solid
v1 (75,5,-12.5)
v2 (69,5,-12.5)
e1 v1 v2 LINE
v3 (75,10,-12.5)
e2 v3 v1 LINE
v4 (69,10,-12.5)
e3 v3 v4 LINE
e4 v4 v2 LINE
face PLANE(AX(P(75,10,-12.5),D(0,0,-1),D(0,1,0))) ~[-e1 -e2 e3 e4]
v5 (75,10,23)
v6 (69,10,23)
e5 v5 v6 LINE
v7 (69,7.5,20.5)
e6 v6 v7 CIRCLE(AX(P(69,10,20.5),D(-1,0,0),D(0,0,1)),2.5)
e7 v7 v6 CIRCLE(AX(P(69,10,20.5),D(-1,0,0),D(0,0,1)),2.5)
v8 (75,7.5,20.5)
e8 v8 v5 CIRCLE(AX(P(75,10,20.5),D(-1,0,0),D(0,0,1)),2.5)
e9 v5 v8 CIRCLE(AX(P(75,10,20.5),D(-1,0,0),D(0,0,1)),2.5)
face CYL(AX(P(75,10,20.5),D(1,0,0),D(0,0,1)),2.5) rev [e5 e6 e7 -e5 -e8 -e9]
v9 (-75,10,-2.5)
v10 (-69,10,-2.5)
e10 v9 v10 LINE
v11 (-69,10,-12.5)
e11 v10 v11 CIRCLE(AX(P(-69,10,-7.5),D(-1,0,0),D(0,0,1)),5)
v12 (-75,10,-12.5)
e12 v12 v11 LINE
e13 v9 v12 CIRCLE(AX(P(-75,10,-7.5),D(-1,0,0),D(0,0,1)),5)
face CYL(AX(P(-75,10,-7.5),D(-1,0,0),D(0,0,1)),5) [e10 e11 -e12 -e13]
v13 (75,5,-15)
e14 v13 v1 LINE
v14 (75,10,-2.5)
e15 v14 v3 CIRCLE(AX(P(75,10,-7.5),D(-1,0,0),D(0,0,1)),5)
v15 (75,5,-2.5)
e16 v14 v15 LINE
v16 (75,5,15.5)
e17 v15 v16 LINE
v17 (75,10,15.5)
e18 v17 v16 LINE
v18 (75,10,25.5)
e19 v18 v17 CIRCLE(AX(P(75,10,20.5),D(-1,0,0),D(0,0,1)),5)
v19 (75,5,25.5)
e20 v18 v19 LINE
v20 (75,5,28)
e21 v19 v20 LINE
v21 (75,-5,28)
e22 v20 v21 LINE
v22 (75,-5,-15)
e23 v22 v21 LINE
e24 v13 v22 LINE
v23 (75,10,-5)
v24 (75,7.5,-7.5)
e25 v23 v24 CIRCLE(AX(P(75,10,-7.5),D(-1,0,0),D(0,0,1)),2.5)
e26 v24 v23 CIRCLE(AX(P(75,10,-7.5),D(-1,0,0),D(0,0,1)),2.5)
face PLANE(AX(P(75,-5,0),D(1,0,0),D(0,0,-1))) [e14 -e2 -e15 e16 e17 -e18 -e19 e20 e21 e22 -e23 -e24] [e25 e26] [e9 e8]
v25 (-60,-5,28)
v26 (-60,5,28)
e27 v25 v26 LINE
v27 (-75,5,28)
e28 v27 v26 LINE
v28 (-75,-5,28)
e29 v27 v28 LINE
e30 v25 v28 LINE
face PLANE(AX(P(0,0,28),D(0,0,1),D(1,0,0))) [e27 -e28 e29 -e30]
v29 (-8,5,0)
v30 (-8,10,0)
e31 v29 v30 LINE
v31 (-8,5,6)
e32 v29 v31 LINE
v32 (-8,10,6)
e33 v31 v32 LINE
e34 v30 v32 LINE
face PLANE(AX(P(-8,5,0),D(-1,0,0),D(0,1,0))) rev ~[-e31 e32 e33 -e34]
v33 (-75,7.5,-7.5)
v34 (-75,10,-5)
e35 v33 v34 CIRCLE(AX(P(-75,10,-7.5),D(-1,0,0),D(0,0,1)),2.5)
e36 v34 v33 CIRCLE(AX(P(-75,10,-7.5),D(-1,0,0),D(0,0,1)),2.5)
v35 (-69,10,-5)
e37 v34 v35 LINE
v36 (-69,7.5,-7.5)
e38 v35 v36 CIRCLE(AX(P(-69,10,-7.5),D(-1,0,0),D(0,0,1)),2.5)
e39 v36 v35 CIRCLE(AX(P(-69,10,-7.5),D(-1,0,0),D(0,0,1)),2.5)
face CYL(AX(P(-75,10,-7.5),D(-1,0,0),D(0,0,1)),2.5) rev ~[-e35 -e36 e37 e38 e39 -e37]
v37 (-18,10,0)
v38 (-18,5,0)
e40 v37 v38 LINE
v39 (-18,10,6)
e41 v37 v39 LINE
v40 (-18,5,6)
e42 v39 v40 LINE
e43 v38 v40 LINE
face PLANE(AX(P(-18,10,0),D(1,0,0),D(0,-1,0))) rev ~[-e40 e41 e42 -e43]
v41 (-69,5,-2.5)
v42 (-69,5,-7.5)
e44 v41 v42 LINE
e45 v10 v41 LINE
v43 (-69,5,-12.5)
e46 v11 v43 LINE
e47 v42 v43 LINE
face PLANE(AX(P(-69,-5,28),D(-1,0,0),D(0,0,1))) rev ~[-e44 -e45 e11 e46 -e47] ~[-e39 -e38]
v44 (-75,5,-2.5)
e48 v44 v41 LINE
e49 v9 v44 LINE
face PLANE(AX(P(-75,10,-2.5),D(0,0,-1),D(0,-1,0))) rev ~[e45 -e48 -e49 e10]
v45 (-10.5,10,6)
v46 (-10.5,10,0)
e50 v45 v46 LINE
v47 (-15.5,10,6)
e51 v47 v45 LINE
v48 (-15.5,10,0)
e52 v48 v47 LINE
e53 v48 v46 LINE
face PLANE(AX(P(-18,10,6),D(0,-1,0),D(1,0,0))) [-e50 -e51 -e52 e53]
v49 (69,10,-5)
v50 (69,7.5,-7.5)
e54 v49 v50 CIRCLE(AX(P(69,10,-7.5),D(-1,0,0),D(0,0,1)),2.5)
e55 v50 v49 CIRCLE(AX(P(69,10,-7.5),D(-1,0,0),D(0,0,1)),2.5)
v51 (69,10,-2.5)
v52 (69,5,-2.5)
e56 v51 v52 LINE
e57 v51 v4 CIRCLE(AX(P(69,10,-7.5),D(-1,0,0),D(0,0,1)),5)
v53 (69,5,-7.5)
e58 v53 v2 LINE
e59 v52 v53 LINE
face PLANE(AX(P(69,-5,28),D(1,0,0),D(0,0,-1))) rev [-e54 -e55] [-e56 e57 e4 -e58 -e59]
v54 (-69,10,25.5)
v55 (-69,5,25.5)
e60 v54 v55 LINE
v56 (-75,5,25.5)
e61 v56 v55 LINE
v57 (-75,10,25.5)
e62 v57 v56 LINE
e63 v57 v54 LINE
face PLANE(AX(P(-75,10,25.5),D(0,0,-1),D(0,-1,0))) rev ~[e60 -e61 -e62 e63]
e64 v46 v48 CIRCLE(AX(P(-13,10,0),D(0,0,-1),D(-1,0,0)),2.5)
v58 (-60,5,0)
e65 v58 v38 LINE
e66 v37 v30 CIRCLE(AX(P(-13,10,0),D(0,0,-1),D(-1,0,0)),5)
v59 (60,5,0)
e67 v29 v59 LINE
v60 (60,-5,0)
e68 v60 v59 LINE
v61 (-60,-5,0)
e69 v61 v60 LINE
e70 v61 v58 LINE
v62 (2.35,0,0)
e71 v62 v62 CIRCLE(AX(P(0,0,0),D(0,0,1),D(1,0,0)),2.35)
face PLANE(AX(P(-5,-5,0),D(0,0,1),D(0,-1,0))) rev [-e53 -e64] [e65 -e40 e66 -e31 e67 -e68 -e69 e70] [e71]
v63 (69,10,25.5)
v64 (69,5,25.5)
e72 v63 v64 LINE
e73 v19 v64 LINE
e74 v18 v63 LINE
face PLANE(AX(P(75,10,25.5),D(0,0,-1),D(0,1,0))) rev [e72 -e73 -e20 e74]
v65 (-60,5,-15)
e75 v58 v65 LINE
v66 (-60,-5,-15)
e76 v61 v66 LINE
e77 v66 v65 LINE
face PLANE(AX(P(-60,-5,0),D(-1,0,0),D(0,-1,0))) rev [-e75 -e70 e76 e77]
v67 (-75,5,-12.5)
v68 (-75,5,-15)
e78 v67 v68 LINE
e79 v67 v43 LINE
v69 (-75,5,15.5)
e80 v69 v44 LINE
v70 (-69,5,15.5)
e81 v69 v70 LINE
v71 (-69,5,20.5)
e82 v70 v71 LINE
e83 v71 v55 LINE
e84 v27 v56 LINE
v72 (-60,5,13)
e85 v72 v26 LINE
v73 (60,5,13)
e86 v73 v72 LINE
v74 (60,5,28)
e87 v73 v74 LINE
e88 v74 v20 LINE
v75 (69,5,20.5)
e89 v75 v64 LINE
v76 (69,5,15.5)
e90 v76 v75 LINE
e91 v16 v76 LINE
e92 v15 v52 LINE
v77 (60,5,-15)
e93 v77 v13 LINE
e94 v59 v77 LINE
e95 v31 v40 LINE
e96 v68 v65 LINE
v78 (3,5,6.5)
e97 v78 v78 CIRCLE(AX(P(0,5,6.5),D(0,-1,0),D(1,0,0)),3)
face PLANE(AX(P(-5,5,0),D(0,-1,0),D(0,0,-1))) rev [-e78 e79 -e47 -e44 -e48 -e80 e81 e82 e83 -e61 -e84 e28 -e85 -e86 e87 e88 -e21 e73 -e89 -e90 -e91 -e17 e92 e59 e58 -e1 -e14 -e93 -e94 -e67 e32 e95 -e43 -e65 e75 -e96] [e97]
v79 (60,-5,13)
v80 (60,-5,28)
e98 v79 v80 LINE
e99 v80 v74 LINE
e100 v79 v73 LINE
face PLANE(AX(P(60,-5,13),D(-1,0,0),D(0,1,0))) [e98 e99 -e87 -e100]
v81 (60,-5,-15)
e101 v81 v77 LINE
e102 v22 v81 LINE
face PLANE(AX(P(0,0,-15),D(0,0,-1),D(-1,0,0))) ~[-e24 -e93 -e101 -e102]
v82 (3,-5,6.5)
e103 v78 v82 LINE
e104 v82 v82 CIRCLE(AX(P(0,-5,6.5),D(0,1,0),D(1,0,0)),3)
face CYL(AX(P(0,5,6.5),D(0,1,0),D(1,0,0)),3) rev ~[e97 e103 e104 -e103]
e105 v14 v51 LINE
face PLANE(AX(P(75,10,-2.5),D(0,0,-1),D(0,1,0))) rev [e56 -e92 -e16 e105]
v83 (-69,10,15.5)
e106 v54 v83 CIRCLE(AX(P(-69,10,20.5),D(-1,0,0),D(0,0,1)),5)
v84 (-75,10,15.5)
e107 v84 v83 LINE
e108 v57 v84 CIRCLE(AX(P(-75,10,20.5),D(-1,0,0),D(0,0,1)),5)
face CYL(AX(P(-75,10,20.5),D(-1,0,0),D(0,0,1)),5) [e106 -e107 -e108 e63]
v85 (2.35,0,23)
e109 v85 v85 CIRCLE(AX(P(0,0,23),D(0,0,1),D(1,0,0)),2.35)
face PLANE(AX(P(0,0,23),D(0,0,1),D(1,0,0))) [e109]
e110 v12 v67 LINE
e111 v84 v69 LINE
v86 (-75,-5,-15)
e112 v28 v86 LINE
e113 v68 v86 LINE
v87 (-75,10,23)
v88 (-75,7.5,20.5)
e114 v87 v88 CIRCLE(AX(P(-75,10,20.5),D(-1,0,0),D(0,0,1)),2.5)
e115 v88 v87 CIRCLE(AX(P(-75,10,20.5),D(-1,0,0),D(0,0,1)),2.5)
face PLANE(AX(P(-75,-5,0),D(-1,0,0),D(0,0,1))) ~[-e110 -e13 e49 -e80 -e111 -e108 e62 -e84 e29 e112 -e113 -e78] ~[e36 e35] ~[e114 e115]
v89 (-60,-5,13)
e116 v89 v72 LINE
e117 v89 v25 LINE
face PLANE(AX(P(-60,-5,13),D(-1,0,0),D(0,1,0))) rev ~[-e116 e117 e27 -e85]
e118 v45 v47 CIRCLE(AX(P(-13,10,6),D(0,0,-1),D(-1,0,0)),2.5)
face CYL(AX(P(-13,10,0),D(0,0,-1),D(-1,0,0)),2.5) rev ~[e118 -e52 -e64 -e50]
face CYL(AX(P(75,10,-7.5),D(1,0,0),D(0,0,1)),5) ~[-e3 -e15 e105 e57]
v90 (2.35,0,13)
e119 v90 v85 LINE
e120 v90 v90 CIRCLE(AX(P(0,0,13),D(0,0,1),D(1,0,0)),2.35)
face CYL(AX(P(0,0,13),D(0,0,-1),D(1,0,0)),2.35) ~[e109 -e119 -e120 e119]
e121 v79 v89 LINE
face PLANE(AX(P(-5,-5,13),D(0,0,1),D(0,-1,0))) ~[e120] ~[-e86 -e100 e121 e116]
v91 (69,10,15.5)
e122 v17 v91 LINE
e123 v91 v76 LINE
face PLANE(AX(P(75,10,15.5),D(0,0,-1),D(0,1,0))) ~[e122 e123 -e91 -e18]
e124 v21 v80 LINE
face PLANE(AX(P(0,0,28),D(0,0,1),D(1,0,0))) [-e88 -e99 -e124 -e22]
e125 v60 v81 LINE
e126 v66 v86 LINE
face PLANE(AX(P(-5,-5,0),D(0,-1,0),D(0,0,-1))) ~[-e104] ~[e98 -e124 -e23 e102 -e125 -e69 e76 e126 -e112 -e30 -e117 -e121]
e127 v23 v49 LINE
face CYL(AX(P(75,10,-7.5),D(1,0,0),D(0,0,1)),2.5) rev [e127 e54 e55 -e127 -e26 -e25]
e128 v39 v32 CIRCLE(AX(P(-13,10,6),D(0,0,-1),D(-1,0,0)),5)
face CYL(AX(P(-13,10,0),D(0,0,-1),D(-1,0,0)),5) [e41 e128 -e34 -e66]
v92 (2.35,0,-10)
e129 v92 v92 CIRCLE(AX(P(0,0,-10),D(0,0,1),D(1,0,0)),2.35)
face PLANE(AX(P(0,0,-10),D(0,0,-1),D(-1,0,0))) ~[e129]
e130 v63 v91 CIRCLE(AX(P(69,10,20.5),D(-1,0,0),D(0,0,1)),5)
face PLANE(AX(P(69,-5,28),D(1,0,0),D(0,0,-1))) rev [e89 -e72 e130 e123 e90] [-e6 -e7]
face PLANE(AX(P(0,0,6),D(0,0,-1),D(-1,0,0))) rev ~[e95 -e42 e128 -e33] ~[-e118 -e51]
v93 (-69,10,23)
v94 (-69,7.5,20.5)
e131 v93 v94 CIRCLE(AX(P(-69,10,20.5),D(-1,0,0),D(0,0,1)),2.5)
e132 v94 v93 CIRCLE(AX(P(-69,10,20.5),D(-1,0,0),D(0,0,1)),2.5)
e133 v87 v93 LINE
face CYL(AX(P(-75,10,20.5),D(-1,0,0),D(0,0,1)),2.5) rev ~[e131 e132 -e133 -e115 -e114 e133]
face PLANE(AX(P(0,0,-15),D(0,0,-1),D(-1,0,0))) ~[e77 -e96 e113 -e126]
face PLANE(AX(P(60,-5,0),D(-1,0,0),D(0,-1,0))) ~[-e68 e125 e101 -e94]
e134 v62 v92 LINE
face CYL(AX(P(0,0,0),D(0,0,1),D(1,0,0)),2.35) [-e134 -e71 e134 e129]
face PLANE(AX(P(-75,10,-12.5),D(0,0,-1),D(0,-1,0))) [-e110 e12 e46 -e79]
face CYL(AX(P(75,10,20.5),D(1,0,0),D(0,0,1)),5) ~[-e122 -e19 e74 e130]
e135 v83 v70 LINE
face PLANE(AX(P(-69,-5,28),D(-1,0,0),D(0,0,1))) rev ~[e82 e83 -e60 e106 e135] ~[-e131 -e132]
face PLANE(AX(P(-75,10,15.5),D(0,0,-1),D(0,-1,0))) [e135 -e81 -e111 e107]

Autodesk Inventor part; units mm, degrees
ref_plane "YZ Plane" through (0, 0, 0) normal (1, 0, 0) x (0, 1, 0)
sketch "Sketch1" plane through (0, 0, 0) normal (0, 0, 1) x (1, 0, 0)
  line L0 (-5, 5) -> (5, 5)
  line L1 (5, 5) -> (5, -5)
  line L2 (5, -5) -> (-5, -5)
  line L3 (-5, -5) -> (-5, 5)
  line L4 (-5, 5) -> (5, -5) construction
  line L5 (5, 5) -> (-5, -5) construction
  point P0 (0, 0)
  dimension "d0" = 10
  dimension "d1" = 10
extrude "Extrusion1" add sketch "Sketch1" along normal blind 13
sketch "Sketch2" plane through (0, 0, 13) normal (0, 0, 1) x (1, 0, 0)
  circle A0 centre (0, 0) radius 2.35
  dimension "d4" = 4.7
extrude "Extrusion2" add sketch "Sketch2" along normal blind 10
ref_plane "Work Plane1" through (0, 0, 6.5) normal (0, 0, 1) x (1, 0, 0)
mirror "Mirror1" about plane through (0, 0, 6.5) normal (0, 0, 1) of "Extrusion2"
sketch "Sketch3" plane through (-5, 5, 0) normal (0, 1, 0) x (1, 0, 0)
  line L0 (0, 0) -> (0, -13) projected
  line L1 (0, -6.5) -> (10, -6.5)
  line L2 (10, 0) -> (10, -13) projected
  circle A0 centre (5, -6.5) radius 3
  point P0 (5, 0)
  dimension "d7" = 6
extrude "Extrusion3" cut sketch "Sketch3" against normal through all
sketch "Sketch4" plane through (5, -5, 0) normal (1, 0, 0) x (0, 0, -1)
  line L0 (0, 0) -> (0, 10) projected
  line L1 (0, 10) -> (-13, 10) projected
  line L2 (-13, 0) -> (-13, 10) projected
  line L3 (0, 0) -> (-13, 0) projected
  point P0 (0, 5)
extrude "Extrusion4" add sketch "Sketch4" along normal blind 70
mirror "Mirror2" about plane through (0, 0, 0) normal (1, 0, 0) of "Extrusion4"
sketch "Sketch5" plane through (0, 0, 13) normal (0, 0, 1) x (1, 0, 0)
  line L0 (-75, 5) -> (75, 5) projected
  line L1 (0, 5) -> (0, -5)
  line L2 (75, -5) -> (-75, -5) projected
  line L3 (-75, 5) -> (-75, -5) projected
  line L4 (-75, -5) -> (-75, 5)
  line L5 (-60, -5) -> (-60, 5)
  line L6 (75, 5) -> (75, -5)
  line L7 (60, -5) -> (60, 5)
  point P0 (0, 0)
  dimension "d12" = 15
extrude "Extrusion5" add sketch "Sketch5" along normal blind 15 contours L0 L5 L2 L3 | L0 L6 L2 L7
ref_plane "Work Plane2" through (0, 0, 6.5) normal (0, 0, -1) x (-1, 0, 0)
mirror "Mirror3" about plane through (0, 0, 6.5) normal (0, 0, -1) of "Extrusion5"
sketch "Sketch6" plane through (-75, -5, 28) normal (-1, 0, 0) x (0, 0, 1)
  line L0 (-28, 10) -> (-43, 10) projected
  line L1 (-15, 10) -> (0, 10) projected
  line L2 (0, 10) -> (-43, 10) projected
  line L3 (-28, 10) -> (-43, 10)
  line L4 (-35.5, 10) -> (-35.5, 15)
  circle A0 centre (-35.5, 15) radius 2.5
  circle A1 centre (-35.5, 15) radius 5
  line L5 (-40.5, 15) -> (-40.5, 10)
  line L6 (-30.5, 15) -> (-30.5, 10)
  line L7 (-40.5, 10) -> (-30.5, 10)
  line L8 (-18.5, 0) -> (-24.5, 0) projected
  line L9 (-21.5, 0) -> (-21.5, 20.3601)
  line L10 (-15, 10) -> (0, 10)
  line L11 (-7.5, 10) -> (-7.5, 15)
  circle A2 centre (-7.5, 15) radius 2.5
  circle A3 centre (-7.5, 15) radius 5
  line L12 (-2.5, 15) -> (-2.5, 10)
  line L13 (-12.5, 15) -> (-12.5, 10)
  point P0 (-28, 5)
  dimension "d15" = 5
  dimension "d16" = 5
  dimension "d17" = 10
extrude "Extrusion6" add sketch "Sketch6" against normal blind 6
mirror "Mirror4" about plane through (0, 0, 0) normal (1, 0, 0) of "Extrusion6"
sketch "Sketch8" plane through (0, 0, 0) normal (0, 0, -1) x (-1, 0, 0)
  line L0 (3, -96.3437) -> (3, 27.6563)
  line L1 (60, 5) -> (-60, 5) projected
  line L2 (3, 5) -> (8, 5)
  line L3 (8, 5) -> (8, 10)
  circle A0 centre (13, 10) radius 5
  line L4 (60, 5) -> (-60, 5) projected
  line L5 (18, 10) -> (18, 5)
  circle A1 centre (13, 10) radius 2.5
  point P0 (0, 0)
  dimension "d22" = 10
  dimension "d20" = 5
  dimension "d21" = 5
  dimension "d23" = 5
extrude "Extrusion7" add sketch "Sketch8" against normal blind 6
sketch "Sketch9" plane through (0, 0, 6) normal (0, 0, 1) x (1, 0, 0)
  arc A0 (-8, 10) -> (-18, 10) centre (-13, 10) ccw projected
  line L0 (-18, 10) -> (-8, 10)
  point P0 (0, 0)
extrude "Extrusion8" add sketch "Sketch9" against normal up to surface (6 mm away)
properties part number "Claw Connector 2"
